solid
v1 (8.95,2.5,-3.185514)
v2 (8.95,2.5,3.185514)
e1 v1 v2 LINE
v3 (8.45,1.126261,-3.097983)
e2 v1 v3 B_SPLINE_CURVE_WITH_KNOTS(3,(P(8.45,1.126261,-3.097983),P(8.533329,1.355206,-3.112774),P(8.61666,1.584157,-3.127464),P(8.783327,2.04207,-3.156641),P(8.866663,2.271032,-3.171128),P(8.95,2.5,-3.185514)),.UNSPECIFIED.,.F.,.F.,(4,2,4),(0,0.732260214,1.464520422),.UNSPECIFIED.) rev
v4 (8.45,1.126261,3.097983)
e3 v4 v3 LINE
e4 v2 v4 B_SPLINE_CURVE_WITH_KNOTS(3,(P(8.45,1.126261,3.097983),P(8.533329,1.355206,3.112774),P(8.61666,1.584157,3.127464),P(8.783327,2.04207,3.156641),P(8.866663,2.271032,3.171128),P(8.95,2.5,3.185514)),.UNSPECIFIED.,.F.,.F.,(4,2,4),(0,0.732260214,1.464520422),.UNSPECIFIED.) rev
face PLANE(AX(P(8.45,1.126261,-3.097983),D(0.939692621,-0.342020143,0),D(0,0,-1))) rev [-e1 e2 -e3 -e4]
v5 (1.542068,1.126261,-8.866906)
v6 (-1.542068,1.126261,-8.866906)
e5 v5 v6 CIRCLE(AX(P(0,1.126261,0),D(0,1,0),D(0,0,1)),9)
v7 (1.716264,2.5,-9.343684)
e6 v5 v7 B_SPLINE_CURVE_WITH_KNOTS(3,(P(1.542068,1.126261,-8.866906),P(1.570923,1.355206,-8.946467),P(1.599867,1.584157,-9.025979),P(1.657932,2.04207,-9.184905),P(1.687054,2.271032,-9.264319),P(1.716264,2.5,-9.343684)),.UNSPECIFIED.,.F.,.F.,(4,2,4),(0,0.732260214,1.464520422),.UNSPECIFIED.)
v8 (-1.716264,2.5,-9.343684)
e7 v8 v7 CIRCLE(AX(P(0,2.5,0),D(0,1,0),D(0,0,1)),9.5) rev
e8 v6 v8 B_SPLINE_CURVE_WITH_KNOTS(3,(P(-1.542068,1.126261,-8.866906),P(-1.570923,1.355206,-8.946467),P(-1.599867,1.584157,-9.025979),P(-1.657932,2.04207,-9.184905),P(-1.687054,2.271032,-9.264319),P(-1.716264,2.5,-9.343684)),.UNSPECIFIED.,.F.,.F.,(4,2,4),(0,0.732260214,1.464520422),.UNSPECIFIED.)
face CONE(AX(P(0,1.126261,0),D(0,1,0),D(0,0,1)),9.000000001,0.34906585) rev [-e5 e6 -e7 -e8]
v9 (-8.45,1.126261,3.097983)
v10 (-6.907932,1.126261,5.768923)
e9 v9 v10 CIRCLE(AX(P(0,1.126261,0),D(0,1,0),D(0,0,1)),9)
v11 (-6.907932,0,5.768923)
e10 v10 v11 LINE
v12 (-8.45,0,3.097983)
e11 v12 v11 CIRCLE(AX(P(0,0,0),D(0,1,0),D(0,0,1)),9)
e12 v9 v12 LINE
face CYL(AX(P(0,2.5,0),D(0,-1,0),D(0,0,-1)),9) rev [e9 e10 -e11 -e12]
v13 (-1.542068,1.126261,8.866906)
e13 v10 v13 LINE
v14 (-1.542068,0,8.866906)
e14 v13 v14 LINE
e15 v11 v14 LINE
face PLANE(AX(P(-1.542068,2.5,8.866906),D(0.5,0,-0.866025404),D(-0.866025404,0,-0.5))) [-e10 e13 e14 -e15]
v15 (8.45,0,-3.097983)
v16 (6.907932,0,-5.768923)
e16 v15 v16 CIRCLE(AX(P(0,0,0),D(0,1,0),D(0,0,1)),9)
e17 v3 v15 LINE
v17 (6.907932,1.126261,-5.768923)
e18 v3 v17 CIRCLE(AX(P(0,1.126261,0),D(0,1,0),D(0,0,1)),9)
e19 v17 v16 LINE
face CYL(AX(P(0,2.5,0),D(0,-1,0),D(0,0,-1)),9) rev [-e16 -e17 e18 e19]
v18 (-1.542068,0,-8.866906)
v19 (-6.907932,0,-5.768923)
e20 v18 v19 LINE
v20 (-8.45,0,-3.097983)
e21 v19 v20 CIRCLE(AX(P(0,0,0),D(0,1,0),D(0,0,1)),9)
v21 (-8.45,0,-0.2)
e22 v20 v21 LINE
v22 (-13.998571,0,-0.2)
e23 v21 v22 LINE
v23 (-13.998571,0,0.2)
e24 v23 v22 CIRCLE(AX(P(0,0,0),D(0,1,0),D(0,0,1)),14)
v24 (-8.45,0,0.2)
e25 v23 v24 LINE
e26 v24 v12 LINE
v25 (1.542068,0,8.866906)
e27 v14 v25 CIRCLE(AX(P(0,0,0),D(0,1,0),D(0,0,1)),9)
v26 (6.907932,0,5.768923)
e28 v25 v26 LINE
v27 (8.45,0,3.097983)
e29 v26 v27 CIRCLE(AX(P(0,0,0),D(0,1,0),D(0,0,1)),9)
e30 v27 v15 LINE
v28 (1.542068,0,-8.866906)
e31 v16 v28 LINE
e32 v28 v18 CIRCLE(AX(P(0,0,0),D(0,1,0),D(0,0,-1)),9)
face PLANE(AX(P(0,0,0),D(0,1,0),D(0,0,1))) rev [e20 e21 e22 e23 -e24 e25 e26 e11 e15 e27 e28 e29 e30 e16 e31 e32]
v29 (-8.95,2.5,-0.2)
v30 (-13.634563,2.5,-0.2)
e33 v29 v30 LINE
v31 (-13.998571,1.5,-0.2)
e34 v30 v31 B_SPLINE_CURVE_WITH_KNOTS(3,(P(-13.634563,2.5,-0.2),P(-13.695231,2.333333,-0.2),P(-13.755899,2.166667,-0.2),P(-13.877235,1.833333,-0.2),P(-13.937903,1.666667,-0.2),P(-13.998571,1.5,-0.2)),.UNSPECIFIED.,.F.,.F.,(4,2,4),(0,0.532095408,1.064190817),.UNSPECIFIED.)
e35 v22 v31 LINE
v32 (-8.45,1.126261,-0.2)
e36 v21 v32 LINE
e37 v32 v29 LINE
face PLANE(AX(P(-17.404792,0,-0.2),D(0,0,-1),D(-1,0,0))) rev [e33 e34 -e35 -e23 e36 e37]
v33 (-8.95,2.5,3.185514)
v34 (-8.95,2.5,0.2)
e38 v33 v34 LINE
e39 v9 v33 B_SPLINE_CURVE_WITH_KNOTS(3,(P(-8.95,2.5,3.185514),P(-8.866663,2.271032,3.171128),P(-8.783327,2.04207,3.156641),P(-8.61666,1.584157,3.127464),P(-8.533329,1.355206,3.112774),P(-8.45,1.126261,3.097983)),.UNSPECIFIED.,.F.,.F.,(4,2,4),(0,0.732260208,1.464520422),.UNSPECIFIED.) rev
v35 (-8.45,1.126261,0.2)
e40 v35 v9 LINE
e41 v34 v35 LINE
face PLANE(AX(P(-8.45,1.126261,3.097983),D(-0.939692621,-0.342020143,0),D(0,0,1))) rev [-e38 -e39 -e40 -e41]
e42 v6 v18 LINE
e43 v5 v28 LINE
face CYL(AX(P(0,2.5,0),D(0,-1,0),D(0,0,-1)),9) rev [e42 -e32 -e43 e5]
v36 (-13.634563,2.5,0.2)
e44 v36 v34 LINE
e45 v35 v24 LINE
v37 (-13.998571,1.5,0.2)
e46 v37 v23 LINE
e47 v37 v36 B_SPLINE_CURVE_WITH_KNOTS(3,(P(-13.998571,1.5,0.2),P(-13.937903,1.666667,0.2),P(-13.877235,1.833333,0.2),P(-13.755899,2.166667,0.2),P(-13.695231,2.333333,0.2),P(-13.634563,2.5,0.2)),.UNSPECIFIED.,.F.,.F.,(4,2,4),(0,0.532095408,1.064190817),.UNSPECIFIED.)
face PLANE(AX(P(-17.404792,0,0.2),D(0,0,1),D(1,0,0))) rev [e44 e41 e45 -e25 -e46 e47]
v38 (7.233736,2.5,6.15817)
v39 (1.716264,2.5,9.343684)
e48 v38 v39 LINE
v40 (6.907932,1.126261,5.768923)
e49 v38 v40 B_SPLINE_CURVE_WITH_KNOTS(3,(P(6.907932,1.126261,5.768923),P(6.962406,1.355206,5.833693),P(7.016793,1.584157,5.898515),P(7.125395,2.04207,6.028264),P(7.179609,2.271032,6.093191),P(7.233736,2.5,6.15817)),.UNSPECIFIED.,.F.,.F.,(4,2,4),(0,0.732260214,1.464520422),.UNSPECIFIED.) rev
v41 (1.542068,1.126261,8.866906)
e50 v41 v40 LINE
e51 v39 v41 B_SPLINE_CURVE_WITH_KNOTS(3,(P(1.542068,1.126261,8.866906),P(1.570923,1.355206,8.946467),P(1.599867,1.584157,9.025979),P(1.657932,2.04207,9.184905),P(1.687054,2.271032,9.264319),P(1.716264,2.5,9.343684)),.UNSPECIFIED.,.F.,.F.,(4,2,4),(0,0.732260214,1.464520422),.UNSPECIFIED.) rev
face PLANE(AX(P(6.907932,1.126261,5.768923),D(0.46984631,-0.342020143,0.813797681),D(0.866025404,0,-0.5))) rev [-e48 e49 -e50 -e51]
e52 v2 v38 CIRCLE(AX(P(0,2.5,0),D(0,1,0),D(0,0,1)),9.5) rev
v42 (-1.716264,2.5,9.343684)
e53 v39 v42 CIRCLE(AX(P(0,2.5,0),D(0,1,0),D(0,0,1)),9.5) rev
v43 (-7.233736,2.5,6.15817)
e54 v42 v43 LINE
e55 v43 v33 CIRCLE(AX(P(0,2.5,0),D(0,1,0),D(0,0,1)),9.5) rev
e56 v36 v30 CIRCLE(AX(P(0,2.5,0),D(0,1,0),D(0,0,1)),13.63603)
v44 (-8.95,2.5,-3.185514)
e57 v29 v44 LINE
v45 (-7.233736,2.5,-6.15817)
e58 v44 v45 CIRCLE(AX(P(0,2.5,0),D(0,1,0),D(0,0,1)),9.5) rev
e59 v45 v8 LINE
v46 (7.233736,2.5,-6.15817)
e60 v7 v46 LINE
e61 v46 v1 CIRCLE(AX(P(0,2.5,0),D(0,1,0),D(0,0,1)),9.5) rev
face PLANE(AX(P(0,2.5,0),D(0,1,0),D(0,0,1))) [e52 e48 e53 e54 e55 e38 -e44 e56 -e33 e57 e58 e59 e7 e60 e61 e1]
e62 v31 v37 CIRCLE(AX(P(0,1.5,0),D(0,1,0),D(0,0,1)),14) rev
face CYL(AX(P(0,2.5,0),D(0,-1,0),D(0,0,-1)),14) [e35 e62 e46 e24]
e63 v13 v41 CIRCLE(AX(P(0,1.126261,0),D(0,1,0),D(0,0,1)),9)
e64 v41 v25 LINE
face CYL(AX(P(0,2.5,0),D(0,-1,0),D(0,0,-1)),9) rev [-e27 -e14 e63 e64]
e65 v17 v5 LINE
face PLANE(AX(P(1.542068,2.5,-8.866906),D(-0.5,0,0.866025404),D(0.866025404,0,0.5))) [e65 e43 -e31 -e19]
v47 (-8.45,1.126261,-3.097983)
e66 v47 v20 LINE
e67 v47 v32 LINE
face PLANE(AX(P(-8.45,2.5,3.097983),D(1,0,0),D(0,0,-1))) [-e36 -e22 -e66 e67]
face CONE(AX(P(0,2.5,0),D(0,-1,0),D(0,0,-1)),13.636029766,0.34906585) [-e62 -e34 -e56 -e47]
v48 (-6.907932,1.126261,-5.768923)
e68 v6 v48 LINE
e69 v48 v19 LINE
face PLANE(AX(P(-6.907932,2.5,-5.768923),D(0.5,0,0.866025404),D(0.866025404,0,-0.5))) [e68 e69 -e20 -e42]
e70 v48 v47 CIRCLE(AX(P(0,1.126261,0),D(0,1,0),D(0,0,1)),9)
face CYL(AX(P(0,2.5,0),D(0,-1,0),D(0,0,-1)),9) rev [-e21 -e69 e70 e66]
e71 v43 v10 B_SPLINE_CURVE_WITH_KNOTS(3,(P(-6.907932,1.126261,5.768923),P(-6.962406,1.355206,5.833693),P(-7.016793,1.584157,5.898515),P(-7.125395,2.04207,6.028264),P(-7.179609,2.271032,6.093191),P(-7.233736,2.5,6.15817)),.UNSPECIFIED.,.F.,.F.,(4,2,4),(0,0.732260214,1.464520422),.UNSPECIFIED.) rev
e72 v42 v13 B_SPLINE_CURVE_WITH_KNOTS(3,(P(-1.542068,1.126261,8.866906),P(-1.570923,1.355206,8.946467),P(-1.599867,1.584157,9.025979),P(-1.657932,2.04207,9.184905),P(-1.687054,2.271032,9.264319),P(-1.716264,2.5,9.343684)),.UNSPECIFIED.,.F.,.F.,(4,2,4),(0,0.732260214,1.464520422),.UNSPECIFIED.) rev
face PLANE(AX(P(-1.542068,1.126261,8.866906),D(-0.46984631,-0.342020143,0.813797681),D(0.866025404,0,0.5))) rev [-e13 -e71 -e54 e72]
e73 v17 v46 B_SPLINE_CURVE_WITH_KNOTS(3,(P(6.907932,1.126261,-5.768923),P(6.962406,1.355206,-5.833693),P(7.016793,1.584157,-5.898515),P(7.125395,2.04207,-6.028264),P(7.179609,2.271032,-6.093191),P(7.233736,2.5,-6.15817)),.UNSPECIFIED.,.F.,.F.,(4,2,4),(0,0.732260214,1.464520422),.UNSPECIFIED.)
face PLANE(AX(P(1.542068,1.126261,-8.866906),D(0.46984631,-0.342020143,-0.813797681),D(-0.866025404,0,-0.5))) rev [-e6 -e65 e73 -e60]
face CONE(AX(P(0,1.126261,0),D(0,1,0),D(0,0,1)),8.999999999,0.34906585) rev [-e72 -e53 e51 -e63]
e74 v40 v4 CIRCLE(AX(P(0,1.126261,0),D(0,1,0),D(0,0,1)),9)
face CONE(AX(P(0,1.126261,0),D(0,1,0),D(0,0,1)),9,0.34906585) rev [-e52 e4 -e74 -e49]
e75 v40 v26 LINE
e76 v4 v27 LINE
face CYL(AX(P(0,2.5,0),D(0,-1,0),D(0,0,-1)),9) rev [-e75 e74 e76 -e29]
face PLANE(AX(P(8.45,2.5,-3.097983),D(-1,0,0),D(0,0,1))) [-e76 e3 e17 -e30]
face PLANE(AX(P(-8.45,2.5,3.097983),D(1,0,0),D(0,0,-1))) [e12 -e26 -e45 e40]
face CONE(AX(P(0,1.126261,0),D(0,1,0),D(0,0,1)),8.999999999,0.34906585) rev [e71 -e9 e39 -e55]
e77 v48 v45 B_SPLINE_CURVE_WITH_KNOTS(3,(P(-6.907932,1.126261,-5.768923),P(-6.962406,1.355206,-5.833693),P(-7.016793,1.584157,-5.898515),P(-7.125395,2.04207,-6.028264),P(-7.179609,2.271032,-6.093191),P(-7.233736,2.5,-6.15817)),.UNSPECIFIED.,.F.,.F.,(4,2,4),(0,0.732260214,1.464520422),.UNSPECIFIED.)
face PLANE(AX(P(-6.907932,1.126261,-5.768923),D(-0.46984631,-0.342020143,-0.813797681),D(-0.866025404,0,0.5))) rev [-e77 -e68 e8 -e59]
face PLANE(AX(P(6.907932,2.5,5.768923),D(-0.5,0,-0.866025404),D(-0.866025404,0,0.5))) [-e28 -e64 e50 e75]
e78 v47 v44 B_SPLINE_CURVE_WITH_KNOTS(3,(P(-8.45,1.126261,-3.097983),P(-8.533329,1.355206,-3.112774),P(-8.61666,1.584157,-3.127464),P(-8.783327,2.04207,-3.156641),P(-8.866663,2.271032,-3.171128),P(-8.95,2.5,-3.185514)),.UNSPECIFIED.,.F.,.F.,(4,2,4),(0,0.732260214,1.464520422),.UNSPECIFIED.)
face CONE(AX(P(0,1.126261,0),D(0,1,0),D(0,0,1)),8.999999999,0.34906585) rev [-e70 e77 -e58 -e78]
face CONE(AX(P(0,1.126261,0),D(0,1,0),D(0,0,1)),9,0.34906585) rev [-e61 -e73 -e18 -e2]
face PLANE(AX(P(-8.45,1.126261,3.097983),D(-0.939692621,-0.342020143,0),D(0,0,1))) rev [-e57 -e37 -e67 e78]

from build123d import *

# Parameters (mm, degrees)
SKETCH_1_R          = 14
EXTRUDE_1_DEPTH     = 2.5
CHAMFER_4_SIZE      = 0.5
CHAMFER_4_SIZE2     = 1.37373871
SKETCH_3_W          = 19.861324318
SKETCH_3_H          = 0.4
CUT_EXTRUDE_1_DEPTH = 20.956202044
CHAMFER_5_SIZE      = 1
CHAMFER_5_SIZE2     = 0.363970234


with BuildPart() as part:
    # Эскиз1 → Бобышка-Вытянуть1 (new body)
    with BuildSketch(Plane(origin=(0, 0, 0), x_dir=(1, 0, 0), z_dir=(0, 1, 0))):
        with Locations(Location((0, -1e-09, 0), (0, 0, 270))):
            Circle(SKETCH_1_R)
        with BuildLine():
            Line((-6.907932165, 5.768923055), (-1.542067835, 8.866906269))
            ThreePointArc((-1.542067835, 8.866906269), (0, 9), (1.542067835, 8.866906269))
            Line((1.542067835, 8.866906269), (6.907932165, 5.768923055))
            ThreePointArc((6.907932165, 5.768923055), (7.794228634, 4.5), (8.45, 3.097983215))
            Line((8.45, 3.097983215), (8.45, -3.097983215))
            ThreePointArc((8.45, -3.097983215), (7.794228634, -4.5), (6.907932165, -5.768923055))
            Line((6.907932165, -5.768923055), (1.542067835, -8.866906269))
            ThreePointArc((1.542067835, -8.866906269), (0, -9), (-1.542067835, -8.866906269))
            Line((-1.542067835, -8.866906269), (-6.907932165, -5.768923054))
            ThreePointArc((-6.907932165, -5.768923054), (-7.794228634, -4.5), (-8.45, -3.097983215))
            Line((-8.45, -3.097983215), (-8.45, 3.097983215))
            ThreePointArc((-8.45, 3.097983215), (-7.794228634, 4.5), (-6.907932165, 5.768923055))
        make_face(mode=Mode.SUBTRACT)
    extrude(amount=EXTRUDE_1_DEPTH)

    # Фаска4
    chamfer_4_edges = [part.edges().sort_by_distance(p)[0] for p in [
        (-7.794228634, 2.5, -4.5),
        (-8.45, 2.5, 0),
        (-7.794228634, 2.5, 4.5),
        (-4.225, 2.5, 7.317914662),
        (0, 2.5, 9),
        (4.225, 2.5, 7.317914662),
        (7.794228634, 2.5, 4.5),
        (8.45, 2.5, 0),
        (7.794228634, 2.5, -4.5),
        (4.225, 2.5, -7.317914662),
        (0, 2.5, -9),
        (-4.225, 2.5, -7.317914662),
    ]]
    chamfer_4_side = [part.faces().sort_by_distance(p)[0] for p in [
        (0, 2.5, -13.604020202),
    ]]
    chamfer(chamfer_4_edges, length=CHAMFER_4_SIZE, length2=CHAMFER_4_SIZE2, reference=chamfer_4_side[0])

    # Эскиз3 → Вырез-Вытянуть1 (cut, through all)
    with BuildSketch(Plane(origin=(0, 2.5, 0), x_dir=(1, 0, 0), z_dir=(0, 1, 0))):
        with Locations((-7.474129941, 0)):
            Rectangle(SKETCH_3_W, SKETCH_3_H)
    extrude(amount=-CUT_EXTRUDE_1_DEPTH, mode=Mode.SUBTRACT)

    # Фаска5
    chamfer_5_edges = [part.edges().sort_by_distance(p)[0] for p in [
        (9.969954865, 2.5, -9.828529899),
    ]]
    chamfer_5_side = [part.faces().sort_by_distance(p)[0] for p in [
        (9.969954865, 1.25, -9.828529899),
    ]]
    chamfer(chamfer_5_edges, length=CHAMFER_5_SIZE, length2=CHAMFER_5_SIZE2, reference=chamfer_5_side[0])


solid = part.part
